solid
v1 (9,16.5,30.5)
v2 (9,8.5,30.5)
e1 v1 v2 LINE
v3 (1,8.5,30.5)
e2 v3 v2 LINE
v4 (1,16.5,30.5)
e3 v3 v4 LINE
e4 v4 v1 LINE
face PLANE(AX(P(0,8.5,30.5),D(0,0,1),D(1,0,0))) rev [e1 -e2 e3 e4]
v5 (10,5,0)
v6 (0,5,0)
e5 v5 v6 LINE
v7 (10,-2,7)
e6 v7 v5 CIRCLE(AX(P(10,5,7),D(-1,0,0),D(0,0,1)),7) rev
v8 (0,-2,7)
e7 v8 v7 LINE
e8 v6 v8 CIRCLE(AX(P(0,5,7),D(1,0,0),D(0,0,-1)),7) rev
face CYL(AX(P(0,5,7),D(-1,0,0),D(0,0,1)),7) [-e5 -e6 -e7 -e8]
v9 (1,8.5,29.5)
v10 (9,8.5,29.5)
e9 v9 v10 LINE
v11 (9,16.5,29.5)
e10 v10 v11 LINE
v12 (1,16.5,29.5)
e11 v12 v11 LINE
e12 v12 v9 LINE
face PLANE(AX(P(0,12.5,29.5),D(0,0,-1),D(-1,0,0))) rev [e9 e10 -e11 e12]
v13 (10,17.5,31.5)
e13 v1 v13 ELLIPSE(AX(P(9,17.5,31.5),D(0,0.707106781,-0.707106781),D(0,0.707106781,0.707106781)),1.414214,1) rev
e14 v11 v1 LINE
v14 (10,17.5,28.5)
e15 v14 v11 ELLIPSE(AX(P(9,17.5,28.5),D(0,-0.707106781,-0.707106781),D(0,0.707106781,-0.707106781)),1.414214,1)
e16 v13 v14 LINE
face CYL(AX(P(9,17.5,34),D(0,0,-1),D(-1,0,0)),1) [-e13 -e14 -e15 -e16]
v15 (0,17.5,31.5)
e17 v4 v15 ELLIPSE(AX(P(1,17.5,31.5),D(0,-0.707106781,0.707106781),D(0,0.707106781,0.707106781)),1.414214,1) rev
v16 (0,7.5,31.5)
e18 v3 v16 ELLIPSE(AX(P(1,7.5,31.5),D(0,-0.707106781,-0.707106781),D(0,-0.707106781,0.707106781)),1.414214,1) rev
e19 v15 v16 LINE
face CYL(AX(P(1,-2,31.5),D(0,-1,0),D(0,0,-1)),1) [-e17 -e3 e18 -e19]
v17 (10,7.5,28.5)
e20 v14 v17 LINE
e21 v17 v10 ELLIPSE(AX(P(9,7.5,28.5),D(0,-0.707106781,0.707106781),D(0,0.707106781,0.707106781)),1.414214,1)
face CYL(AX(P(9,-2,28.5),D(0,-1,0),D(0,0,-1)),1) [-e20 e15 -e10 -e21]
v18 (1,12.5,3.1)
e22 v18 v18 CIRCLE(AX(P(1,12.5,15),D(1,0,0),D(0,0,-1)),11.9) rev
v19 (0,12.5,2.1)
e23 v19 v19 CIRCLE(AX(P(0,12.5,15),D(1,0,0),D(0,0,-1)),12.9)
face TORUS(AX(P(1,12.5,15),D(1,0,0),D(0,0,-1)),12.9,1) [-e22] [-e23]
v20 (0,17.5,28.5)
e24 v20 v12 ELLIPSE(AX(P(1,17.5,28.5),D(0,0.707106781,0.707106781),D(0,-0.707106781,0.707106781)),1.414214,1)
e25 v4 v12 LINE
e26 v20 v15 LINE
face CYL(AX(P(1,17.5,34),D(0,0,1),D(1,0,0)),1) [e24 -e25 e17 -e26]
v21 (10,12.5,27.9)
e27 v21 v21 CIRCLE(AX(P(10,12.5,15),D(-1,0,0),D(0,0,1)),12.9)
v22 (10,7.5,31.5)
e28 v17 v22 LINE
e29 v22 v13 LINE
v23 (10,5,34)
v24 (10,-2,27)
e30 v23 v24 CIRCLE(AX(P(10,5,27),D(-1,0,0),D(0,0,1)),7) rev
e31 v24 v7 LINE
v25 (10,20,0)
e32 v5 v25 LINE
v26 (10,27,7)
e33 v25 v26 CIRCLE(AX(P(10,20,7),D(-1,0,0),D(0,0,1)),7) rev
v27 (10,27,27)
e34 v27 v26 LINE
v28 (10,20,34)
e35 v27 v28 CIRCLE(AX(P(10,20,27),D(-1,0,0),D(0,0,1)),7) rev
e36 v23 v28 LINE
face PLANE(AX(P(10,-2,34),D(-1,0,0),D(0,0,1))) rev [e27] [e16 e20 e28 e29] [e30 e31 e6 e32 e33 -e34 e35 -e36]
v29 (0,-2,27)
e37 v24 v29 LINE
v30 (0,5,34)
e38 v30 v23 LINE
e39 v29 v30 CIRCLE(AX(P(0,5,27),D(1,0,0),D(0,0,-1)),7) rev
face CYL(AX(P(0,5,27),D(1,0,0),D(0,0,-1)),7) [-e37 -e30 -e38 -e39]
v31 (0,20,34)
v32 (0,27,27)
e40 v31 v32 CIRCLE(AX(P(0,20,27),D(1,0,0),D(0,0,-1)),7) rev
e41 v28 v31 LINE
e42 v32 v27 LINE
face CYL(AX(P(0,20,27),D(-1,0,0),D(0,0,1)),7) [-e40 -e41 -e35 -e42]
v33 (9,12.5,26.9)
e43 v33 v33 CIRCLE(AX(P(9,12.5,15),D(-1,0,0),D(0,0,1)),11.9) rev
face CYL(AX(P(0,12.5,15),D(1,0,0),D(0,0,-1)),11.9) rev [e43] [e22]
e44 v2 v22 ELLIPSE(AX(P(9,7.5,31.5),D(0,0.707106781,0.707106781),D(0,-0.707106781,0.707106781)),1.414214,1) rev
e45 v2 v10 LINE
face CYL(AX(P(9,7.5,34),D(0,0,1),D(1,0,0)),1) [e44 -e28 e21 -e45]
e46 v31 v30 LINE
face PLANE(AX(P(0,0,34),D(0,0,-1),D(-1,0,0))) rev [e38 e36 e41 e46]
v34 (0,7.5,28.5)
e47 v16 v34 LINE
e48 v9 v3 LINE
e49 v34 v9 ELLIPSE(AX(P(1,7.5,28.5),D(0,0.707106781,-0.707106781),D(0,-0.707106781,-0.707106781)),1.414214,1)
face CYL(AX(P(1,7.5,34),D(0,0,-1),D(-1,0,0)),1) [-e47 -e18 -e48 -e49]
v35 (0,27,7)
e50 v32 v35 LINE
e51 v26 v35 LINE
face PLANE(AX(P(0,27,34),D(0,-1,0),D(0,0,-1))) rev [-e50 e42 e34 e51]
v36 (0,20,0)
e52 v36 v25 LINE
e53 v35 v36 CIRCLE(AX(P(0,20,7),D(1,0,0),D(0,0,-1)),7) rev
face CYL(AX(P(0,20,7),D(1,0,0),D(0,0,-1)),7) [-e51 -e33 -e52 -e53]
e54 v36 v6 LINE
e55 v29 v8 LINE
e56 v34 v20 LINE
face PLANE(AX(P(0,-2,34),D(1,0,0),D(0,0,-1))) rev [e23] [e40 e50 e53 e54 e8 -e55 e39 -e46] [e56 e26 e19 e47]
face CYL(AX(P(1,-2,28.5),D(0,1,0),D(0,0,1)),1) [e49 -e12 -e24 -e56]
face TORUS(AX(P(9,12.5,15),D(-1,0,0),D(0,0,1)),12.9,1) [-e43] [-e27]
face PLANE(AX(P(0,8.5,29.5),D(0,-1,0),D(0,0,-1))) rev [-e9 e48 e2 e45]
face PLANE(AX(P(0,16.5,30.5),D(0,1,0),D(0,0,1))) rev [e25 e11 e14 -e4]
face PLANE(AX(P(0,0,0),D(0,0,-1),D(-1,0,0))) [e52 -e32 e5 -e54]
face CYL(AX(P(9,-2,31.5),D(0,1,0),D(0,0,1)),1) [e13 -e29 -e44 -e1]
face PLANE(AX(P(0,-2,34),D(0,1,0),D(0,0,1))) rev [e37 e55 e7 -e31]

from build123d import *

# Parameters (mm, degrees)
SKETCH1_W               = 10
SKETCH1_H               = 29
BOSS_EXTRUDE1_DEPTH     = 34
CUT_EXTRUDE1_DEPTH      = 45.55333882
CUT_EXTRUDE1_DEPTH_BACK = 45.55333882
SKETCH2_R               = 11.9
FILLET1_R               = 1
FILLET2_R               = 7
CUT_EXTRUDE2_DEPTH      = 45.55333882
CUT_EXTRUDE2_DEPTH_BACK = 45.55333882
FILLET3_R               = 1
FILLET4_R               = 1
FILLET5_R               = 7


with BuildPart() as part:
    # Sketch1 → Boss-Extrude1 (new body)
    with BuildSketch(Plane.XY):
        with Locations((5, 12.5)):
            Rectangle(SKETCH1_W, SKETCH1_H)
    extrude(amount=BOSS_EXTRUDE1_DEPTH)

    # Sketch2 → Cut-Extrude1 (cut, two sides: drawn at the far end of the back side and taken through both)
    with BuildSketch(Plane(origin=(10, 0, 0), x_dir=(0, 0, -1), z_dir=(1, 0, 0)).offset(-CUT_EXTRUDE1_DEPTH_BACK)):
        with Locations((-15, 12.5)):
            Circle(SKETCH2_R)
    extrude(amount=CUT_EXTRUDE1_DEPTH + CUT_EXTRUDE1_DEPTH_BACK, mode=Mode.SUBTRACT)

    # Fillet1
    fillet1_edges = [part.edges().sort_by_distance(p)[0] for p in [
        (0, 12.5, 26.9),
        (10, 12.5, 26.9),
    ]]
    fillet(fillet1_edges, radius=FILLET1_R)

    # Fillet2
    fillet2_edges = [part.edges().sort_by_distance(p)[0] for p in [
        (5, 27, 0),
        (5, -2, 0),
    ]]
    fillet(fillet2_edges, radius=FILLET2_R)

    # Sketch3 → Cut-Extrude2 (cut, two sides: drawn at the far end of the back side and taken through both)
    with BuildSketch(Plane(origin=(10, 0, 0), x_dir=(0, 0, -1), z_dir=(1, 0, 0)).offset(-CUT_EXTRUDE2_DEPTH_BACK)):
        Polygon((-29.5, 12.5), (-29.5, 16.5), (-30.5, 16.5), (-30.5, 8.5), (-29.5, 8.5), align=None)
    extrude(amount=CUT_EXTRUDE2_DEPTH + CUT_EXTRUDE2_DEPTH_BACK, mode=Mode.SUBTRACT)

    # Fillet3
    fillet3_edges = [part.edges().sort_by_distance(p)[0] for p in [
        (0, 8.5, 30),
        (0, 12.5, 30.5),
        (0, 16.5, 30),
        (0, 12.5, 29.5),
    ]]
    fillet(fillet3_edges, radius=FILLET3_R)

    # Fillet4
    fillet4_edges = [part.edges().sort_by_distance(p)[0] for p in [
        (10, 12.5, 29.5),
        (10, 16.5, 30),
        (10, 12.5, 30.5),
        (10, 8.5, 30),
    ]]
    fillet(fillet4_edges, radius=FILLET4_R)

    # Fillet5
    fillet5_edges = [part.edges().sort_by_distance(p)[0] for p in [
        (5, 27, 34),
        (5, -2, 34),
    ]]
    fillet(fillet5_edges, radius=FILLET5_R)


solid = part.part
